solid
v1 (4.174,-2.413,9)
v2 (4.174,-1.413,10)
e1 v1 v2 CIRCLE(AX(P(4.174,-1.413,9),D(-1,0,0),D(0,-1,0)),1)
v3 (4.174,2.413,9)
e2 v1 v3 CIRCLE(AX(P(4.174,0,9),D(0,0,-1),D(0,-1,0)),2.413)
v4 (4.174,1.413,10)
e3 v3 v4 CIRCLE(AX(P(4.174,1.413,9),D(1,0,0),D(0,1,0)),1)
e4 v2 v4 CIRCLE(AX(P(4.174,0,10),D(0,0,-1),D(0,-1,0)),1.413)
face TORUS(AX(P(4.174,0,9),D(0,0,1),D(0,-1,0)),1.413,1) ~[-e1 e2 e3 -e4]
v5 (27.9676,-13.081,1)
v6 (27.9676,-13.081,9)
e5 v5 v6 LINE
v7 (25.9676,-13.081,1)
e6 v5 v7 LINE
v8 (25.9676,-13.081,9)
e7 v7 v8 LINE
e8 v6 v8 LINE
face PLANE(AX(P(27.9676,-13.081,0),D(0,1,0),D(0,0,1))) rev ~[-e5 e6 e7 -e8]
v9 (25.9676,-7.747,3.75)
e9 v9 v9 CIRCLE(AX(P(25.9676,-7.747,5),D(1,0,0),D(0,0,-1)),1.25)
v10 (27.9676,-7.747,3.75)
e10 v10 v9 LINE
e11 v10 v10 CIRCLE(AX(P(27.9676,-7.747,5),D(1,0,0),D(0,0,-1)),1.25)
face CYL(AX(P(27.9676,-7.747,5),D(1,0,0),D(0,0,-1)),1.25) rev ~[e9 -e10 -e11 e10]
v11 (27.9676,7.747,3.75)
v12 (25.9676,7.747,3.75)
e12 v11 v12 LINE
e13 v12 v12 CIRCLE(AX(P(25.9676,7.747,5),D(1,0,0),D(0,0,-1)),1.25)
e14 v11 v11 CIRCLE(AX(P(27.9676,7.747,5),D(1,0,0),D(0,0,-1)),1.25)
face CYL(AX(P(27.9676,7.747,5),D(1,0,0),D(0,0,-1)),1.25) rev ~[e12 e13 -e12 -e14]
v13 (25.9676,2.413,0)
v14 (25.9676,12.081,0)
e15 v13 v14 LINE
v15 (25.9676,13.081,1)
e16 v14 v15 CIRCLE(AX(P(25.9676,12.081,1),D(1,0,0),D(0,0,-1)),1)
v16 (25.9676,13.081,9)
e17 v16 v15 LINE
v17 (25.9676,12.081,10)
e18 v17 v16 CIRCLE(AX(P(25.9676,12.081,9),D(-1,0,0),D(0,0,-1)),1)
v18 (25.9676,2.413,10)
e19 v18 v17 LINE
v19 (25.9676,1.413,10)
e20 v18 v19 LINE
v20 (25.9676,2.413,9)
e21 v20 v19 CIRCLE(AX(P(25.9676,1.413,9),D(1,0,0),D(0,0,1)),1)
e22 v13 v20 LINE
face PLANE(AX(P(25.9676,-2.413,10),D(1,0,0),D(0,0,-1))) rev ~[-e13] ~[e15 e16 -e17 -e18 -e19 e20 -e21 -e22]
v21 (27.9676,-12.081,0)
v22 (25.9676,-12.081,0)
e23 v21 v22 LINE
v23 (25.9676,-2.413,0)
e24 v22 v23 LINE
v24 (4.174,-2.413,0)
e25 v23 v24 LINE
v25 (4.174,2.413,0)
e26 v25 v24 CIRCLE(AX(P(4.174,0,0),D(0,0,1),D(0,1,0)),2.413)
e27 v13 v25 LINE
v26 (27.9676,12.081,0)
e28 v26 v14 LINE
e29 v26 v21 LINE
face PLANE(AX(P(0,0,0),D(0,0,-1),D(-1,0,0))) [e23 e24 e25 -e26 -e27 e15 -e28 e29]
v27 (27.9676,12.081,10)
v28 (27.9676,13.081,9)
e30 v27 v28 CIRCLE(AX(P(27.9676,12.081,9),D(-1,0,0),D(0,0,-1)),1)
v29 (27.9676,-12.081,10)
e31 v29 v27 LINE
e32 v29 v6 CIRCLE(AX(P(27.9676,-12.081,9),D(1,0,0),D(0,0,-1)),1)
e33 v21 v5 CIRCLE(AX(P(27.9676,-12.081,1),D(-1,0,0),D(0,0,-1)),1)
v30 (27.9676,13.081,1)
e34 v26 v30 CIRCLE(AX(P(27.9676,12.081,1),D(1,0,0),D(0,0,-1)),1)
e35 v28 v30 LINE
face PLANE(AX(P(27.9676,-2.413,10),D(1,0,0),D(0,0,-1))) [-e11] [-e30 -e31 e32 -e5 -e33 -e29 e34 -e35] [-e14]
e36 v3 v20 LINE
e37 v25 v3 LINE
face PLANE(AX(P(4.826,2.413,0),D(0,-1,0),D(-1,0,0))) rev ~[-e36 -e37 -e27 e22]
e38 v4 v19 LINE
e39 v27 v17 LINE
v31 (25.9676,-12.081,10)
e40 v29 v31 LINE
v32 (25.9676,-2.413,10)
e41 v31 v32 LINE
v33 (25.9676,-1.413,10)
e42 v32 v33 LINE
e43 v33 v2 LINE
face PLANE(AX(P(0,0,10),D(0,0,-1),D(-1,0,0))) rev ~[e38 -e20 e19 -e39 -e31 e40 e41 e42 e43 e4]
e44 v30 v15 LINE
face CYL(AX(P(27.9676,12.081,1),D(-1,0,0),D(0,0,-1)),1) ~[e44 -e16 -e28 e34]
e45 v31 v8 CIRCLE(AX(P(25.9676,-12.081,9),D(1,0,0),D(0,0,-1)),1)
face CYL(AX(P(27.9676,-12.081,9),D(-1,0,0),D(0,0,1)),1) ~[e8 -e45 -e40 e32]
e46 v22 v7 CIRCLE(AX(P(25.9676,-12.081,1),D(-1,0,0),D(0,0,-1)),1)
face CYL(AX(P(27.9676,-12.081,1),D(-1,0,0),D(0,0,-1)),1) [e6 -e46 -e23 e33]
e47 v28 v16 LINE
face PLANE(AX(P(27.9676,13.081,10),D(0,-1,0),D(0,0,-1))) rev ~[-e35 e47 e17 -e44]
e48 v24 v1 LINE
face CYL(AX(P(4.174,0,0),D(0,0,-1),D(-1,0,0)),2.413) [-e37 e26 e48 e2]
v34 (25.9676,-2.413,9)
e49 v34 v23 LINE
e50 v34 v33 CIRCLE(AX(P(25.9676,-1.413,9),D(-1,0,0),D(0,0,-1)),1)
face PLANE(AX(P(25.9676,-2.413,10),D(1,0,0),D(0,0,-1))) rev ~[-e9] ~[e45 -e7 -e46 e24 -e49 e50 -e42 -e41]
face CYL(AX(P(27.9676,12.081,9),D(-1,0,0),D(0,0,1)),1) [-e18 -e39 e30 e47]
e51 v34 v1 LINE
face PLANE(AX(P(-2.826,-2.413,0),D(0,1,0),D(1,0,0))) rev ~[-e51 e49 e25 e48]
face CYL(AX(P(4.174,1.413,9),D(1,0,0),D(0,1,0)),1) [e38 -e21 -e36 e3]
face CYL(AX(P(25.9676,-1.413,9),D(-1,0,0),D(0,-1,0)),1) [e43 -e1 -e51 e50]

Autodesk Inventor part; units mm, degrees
ref_plane "YZ Plane" through (0, 0, 0) normal (1, 0, 0) x (0, 1, 0)
ref_plane "XZ Plane" through (0, 0, 0) normal (0, 1, 0) x (-1, 0, 0)
sketch "Sketch1" plane through (0, 0, 0) normal (0, 0, 1) x (1, 0, 0)
  line L0 (-4.826, 0.413) -> (-4.826, -0.413) projected
  line L1 (-2.826, -2.413) -> (4.826, -2.413) projected
  line L2 (4.826, -2.413) -> (4.826, 2.413) projected
  line L3 (4.826, 2.413) -> (-2.826, 2.413) projected
  arc A0 (-4.826, -0.413) -> (-2.826, -2.413) centre (-2.826, -0.413) ccw projected
  arc A1 (-2.826, 2.413) -> (-4.826, 0.413) centre (-2.826, 0.413) ccw projected
  point P0 (0, 0)
extrude "Extrusion1" add sketch "Sketch1" along normal blind 10
sketch "Sketch2" plane through (4.826, -2.413, 0) normal (1, 0, 0) x (0, 0, -1)
  line L0 (0, 0) -> (-10, 0) projected
  line L1 (-10, 0) -> (-10, 4.826) projected
  circle A0 centre (3.175, 150.3292) radius 1.5 projected
  circle A1 centre (3.175, 23.749) radius 1.5 projected
  circle A2 centre (73.025, 23.749) radius 1.5 projected
  circle A3 centre (73.025, 150.3292) radius 1.5 projected
  arc A4 (60.2046, 236.2874) -> (0.9041, 211.5001) centre (77.9391, 110.5317) ccw projected
  ellipse E0 centre (170.686, 87.0391) end of major axis (408.43, 87.0391) minor radius 177.8 (0.9041, 211.5001) -> (0.9041, -37.4219) ccw projected
  arc A5 (0.9041, -37.4219) -> (60.2046, -62.2092) centre (77.9391, 63.5465) ccw projected
  arc A6 (60.2046, -62.2092) -> (281.1673, -62.2092) centre (170.686, 721.2179) ccw projected
  arc A7 (281.1673, -62.2092) -> (340.4678, -37.4219) centre (263.4329, 63.5465) ccw projected
  ellipse E1 centre (170.686, 87.0391) end of major axis (408.43, 87.0391) minor radius 177.8 (340.4678, -37.4219) -> (340.4678, 211.5001) ccw projected
  arc A8 (340.4678, 211.5001) -> (281.1673, 236.2874) centre (263.4329, 110.5317) ccw projected
  arc A9 (281.1673, 236.2874) -> (60.2046, 236.2874) centre (170.686, -547.1397) ccw projected
  circle A10 centre (18.1159, 118.5546) radius 1.25 projected
  circle A11 centre (-51.7341, 53.7756) radius 1.25 projected
  circle A12 centre (18.1159, 53.7756) radius 1.25 projected
  circle A13 centre (-51.7341, 118.5546) radius 1.25 projected
  circle A14 centre (395.605, 77.7641) radius 1.25 projected
  circle A15 centre (321.1037, 62.7821) radius 1.25 projected
  circle A16 centre (321.1037, 101.1361) radius 1.25 projected
  circle A17 centre (395.605, 96.3141) radius 1.25 projected
  line L2 (284.5488, 72.0792) -> (223.628, 72.0792) projected
  line L3 (223.628, 72.0792) -> (223.628, 102.5592) projected
  line L4 (223.628, 102.5592) -> (284.5488, 102.5592) projected
  line L5 (284.5488, 102.5592) -> (284.5488, 72.0792) projected
  circle A18 centre (129.4087, 87.0391) radius 30.4 projected
  line L6 (95.6616, 45.3432) -> (95.6616, 49.3432) projected
  arc A19 (98.6614, 49.3432) -> (95.6616, 49.3432) centre (97.1615, 49.3432) ccw projected
  line L7 (98.6614, 49.3432) -> (98.6614, 45.3432) projected
  arc A20 (95.6616, 45.3432) -> (98.6614, 45.3432) centre (97.1615, 45.3432) ccw projected
  line L8 (160.3503, 45.3892) -> (160.3503, 49.3892) projected
  arc A21 (163.3501, 49.3892) -> (160.3503, 49.3892) centre (161.8502, 49.3892) ccw projected
  line L9 (163.3501, 49.3892) -> (163.3501, 45.3892) projected
  arc A22 (160.3503, 45.3892) -> (163.3501, 45.3892) centre (161.8502, 45.3892) ccw projected
  line L10 (95.5803, 159.8921) -> (95.5803, 163.8921) projected
  arc A23 (98.5801, 163.8921) -> (95.5803, 163.8921) centre (97.0802, 163.8921) ccw projected
  line L11 (98.5801, 163.8921) -> (98.5801, 159.8921) projected
  arc A24 (95.5803, 159.8921) -> (98.5801, 159.8921) centre (97.0802, 159.8921) ccw projected
  line L12 (163.3504, 163.8921) -> (163.3504, 159.8921) projected
  arc A25 (160.3506, 159.8921) -> (163.3504, 159.8921) centre (161.8505, 159.8921) ccw projected
  line L13 (160.3506, 159.8921) -> (160.3506, 163.8921) projected
  arc A26 (163.3504, 163.8921) -> (160.3506, 163.8921) centre (161.8505, 163.8921) ccw projected
  arc A27 (180.3755, 134.9774) -> (180.3753, 131.9798) centre (180.3755, 133.4786) ccw projected
  line L14 (180.3755, 134.9774) -> (184.3754, 134.9776) projected
  arc A28 (184.3754, 131.9796) -> (184.3754, 134.9776) centre (184.3755, 133.4786) ccw projected
  line L15 (184.3754, 131.9796) -> (180.3753, 131.9798) projected
  arc A29 (65.9852, 134.9725) -> (65.9851, 131.9749) centre (65.9852, 133.4737) ccw projected
  line L16 (65.9852, 134.9725) -> (69.9852, 134.9727) projected
  arc A30 (69.9852, 131.9747) -> (69.9852, 134.9727) centre (69.9852, 133.4737) ccw projected
  line L17 (69.9852, 131.9747) -> (65.9851, 131.9749) projected
  arc A31 (188.0254, 134.9778) -> (188.0255, 131.9802) centre (188.0255, 133.479) ccw projected
  line L18 (188.0254, 134.9778) -> (192.0254, 134.978) projected
  arc A32 (192.0254, 131.98) -> (192.0254, 134.978) centre (192.0255, 133.479) ccw projected
  line L19 (192.0254, 131.98) -> (188.0255, 131.9802) projected
  arc A33 (73.6382, 70.1265) -> (73.6381, 67.1289) centre (73.6382, 68.6277) ccw projected
  line L20 (73.6382, 70.1265) -> (77.6381, 70.1267) projected
  arc A34 (77.6381, 67.1287) -> (77.6381, 70.1267) centre (77.6382, 68.6277) ccw projected
  line L21 (77.6381, 67.1287) -> (73.6381, 67.1289) projected
  circle A35 centre (271.4412, 59.8872) radius 1.25 projected
  circle A36 centre (229.978, 118.4342) radius 1.25 projected
  circle A37 centre (281.3738, 108.9092) radius 1.25 projected
  circle A38 centre (278.1988, 118.4342) radius 1.25 projected
  circle A39 centre (254.0826, 118.4342) radius 1.25 projected
  circle A40 centre (226.803, 108.9092) radius 1.25 projected
  circle A41 centre (226.5872, 59.8872) radius 1.25 projected
  arc A42 (188.0714, 70.2078) -> (188.0714, 67.2102) centre (188.0714, 68.709) ccw projected
  line L22 (188.0714, 70.2078) -> (192.0714, 70.208) projected
  arc A43 (192.0714, 67.21) -> (192.0714, 70.208) centre (192.0714, 68.709) ccw projected
  line L23 (192.0714, 67.21) -> (188.0714, 67.2102) projected
  line L24 (73.6352, 134.9725) -> (77.6351, 134.9727) projected
  arc A44 (77.6351, 131.9747) -> (77.6351, 134.9727) centre (77.6352, 133.4737) ccw projected
  line L25 (77.6351, 131.9747) -> (73.6351, 131.9749) projected
  arc A45 (73.6352, 134.9725) -> (73.6351, 131.9749) centre (73.6352, 133.4737) ccw projected
  arc A46 (66.0312, 70.1211) -> (66.0311, 67.1235) centre (66.0312, 68.6223) ccw projected
  line L26 (66.0312, 70.1211) -> (70.0312, 70.1213) projected
  arc A47 (70.0312, 67.1233) -> (70.0312, 70.1213) centre (70.0312, 68.6223) ccw projected
  line L27 (70.0312, 67.1233) -> (66.0311, 67.1235) projected
  arc A48 (180.4215, 70.2024) -> (180.4213, 67.2048) centre (180.4215, 68.7036) ccw projected
  line L28 (180.4215, 70.2024) -> (184.4214, 70.2025) projected
  arc A49 (184.4214, 67.2046) -> (184.4214, 70.2025) centre (184.4215, 68.7036) ccw projected
  line L29 (184.4214, 67.2046) -> (180.4213, 67.2048) projected
  line L30 (160.3503, 152.2421) -> (160.3503, 156.2421) projected
  arc A50 (163.3501, 156.2421) -> (160.3503, 156.2421) centre (161.8502, 156.2421) ccw projected
  line L31 (163.3501, 156.2421) -> (163.3501, 152.2421) projected
  arc A51 (160.3503, 152.2421) -> (163.3501, 152.2421) centre (161.8502, 152.2421) ccw projected
  line L32 (95.5857, 152.1961) -> (95.5857, 156.1961) projected
  arc A52 (98.5855, 156.1961) -> (95.5857, 156.1961) centre (97.0856, 156.1961) ccw projected
  line L33 (98.5855, 156.1961) -> (98.5855, 152.1961) projected
  arc A53 (95.5857, 152.1961) -> (98.5855, 152.1961) centre (97.0856, 152.1961) ccw projected
  line L34 (160.3503, 37.7392) -> (160.3503, 41.7392) projected
  arc A54 (163.3501, 41.7392) -> (160.3503, 41.7392) centre (161.8502, 41.7392) ccw projected
  line L35 (163.3501, 41.7392) -> (163.3501, 37.7392) projected
  arc A55 (160.3503, 37.7392) -> (163.3501, 37.7392) centre (161.8502, 37.7392) ccw projected
  line L36 (95.667, 37.6932) -> (95.667, 41.6932) projected
  arc A56 (98.6669, 41.6932) -> (95.667, 41.6932) centre (97.167, 41.6932) ccw projected
  line L37 (98.6669, 41.6932) -> (98.6669, 37.6932) projected
  arc A57 (95.667, 37.6932) -> (98.6669, 37.6932) centre (97.167, 37.6932) ccw projected
  line L38 (0, 4.826) -> (-10, 4.826) projected
  line L39 (0, -10.668) -> (0, 15.494) projected
  circle A58 centre (-5, -5.334) radius 1.5 projected
  circle A59 centre (81.2, -5.334) radius 1.5 projected
  circle A60 centre (81.2, 10.16) radius 1.5 projected
  circle A61 centre (-5, 10.16) radius 1.5 projected
  circle A62 centre (-5, 163.9182) radius 1.5 projected
  circle A63 centre (81.2, 163.9182) radius 1.5 projected
  circle A64 centre (81.2, 179.4122) radius 1.5 projected
  circle A65 centre (-5, 179.4122) radius 1.5 projected
  circle A66 centre (73.025, 187.9212) radius 1.5 projected
  circle A67 centre (73.025, -13.843) radius 1.5 projected
  circle A68 centre (3.175, -13.843) radius 1.5 projected
  circle A69 centre (3.175, 187.9212) radius 1.5 projected
  circle A70 centre (268.3469, 187.9212) radius 1.5 projected
  circle A71 centre (260.1719, 179.4122) radius 1.5 projected
  circle A72 centre (346.3719, 10.16) radius 1.5 projected
  circle A73 centre (346.3719, -5.334) radius 1.5 projected
  circle A74 centre (346.3719, 179.4122) radius 1.5 projected
  circle A75 centre (338.1969, 150.3292) radius 1.5 projected
  circle A76 centre (260.1719, -5.334) radius 1.5 projected
  circle A77 centre (268.3469, 23.749) radius 1.5 projected
  circle A78 centre (268.3469, -13.843) radius 1.5 projected
  circle A79 centre (260.1719, 10.16) radius 1.5 projected
  circle A80 centre (268.3469, 150.3292) radius 1.5 projected
  circle A81 centre (338.1969, -13.843) radius 1.5 projected
  circle A82 centre (338.1969, 23.749) radius 1.5 projected
  circle A83 centre (260.1719, 163.9182) radius 1.5 projected
  circle A84 centre (338.1969, 187.9212) radius 1.5 projected
  circle A85 centre (346.3719, 163.9182) radius 1.25 projected
  point P0 (0, 2.413)
ref_plane "Work Plane1" through (27.9676, -72.374, -408.43) normal (-1, 0, 0) x (0, 0, 1)
extrude "Extrusion2" add sketch "Sketch2" along normal up to surface (23.1416 mm away) contours L0 L1 L38 L39
sketch "Sketch3" plane through (27.9676, -2.413, 10) normal (1, 0, 0) x (0, 0, -1)
  line L0 (10, -10.668) -> (10, 15.494) projected
  line L1 (10, -10.668) -> (0, -10.668)
  line L2 (0, -10.668) -> (0, 15.494)
  line L3 (0, 15.494) -> (10, 15.494)
  line L4 (10, 15.494) -> (10, -10.668)
  line L5 (10, 2.826) -> (10, 2) projected
  line L6 (10, 0) -> (10, -10.668)
  line L7 (10, 4.826) -> (10, 15.494)
  circle A0 centre (5, -5.334) radius 1.25
  circle A1 centre (5, 10.16) radius 1.25
  point P0 (10, 2.413)
  point P1 (5, -10.668)
  point P2 (5, 15.494)
  point P3 (10, -5.334)
  point P4 (10, 10.16)
  dimension "d4" = 2.5
  dimension "d5" = 2.5
extrude "Extrusion3" add sketch "Sketch3" against normal blind 2
sketch "Sketch4" plane through (0, 0, 0) normal (0, 0, -1) x (-1, 0, 0)
  circle A0 centre (-4.174, 0) radius 2.3
  line L0 (-4.174, 2.3) -> (-4.174, 2.413)
  line L1 (2.826, 2.413) -> (-25.9676, 2.413) projected
  line L2 (-4.174, -2.3) -> (-4.174, -2.413)
  line L3 (2.826, -2.413) -> (-25.9676, -2.413) projected
  line L4 (-25.9676, 2.413) -> (-25.9676, -2.413)
  line L5 (-4.174, -2.413) -> (-4.174, 2.413)
  line L6 (2.826, -2.413) -> (-25.9676, -2.413) projected
  arc A1 (4.826, -0.413) -> (2.826, -2.413) centre (2.826, -0.413) ccw projected
  line L7 (4.826, 0.413) -> (4.826, -0.413) projected
  arc A2 (2.826, 2.413) -> (4.826, 0.413) centre (2.826, 0.413) ccw projected
  line L8 (2.826, 2.413) -> (-25.9676, 2.413) projected
  line L9 (-27.9676, 13.081) -> (-25.9676, 13.081) projected
  line L10 (-27.9676, -13.081) -> (-27.9676, 13.081) projected
  line L11 (-27.9676, -13.081) -> (-25.9676, -13.081) projected
  line L12 (-25.9676, -2.413) -> (-25.9676, -13.081) projected
  line L13 (-4.174, 2.413) -> (11.7475, 2.413)
  line L14 (11.7475, 2.413) -> (11.7475, -2.413)
  line L15 (11.7475, -2.413) -> (-4.174, -2.413)
  point P0 (0, 0)
extrude "Extrusion4" cut sketch "Sketch4" against normal blind 10 contours A0 L5 | A0 L0 L1 A2 A1 L3 L2 | A2 L7 A1 | A1 A2 | L13 L14 L15 A1 A2 picked at (-3.8414, 0.6907)
sketch "Sketch5" plane through (0, 0, 0) normal (0, 0, -1) x (-1, 0, 0)
  circle A0 centre (-4.174, 0) radius 2.413
  point P0 (0, 0)
extrude "Extrusion5" add sketch "Sketch5" against normal blind 10
fillet "Fillet2" radius 1 1 edges at (1.761, 0, 10)
fillet "Fillet3" radius 1 4 edges at (26.9676, 13.081, 10) (26.9676, 13.081, 0) (26.9676, -13.081, 10) (26.9676, -13.081, 0)
properties part number "GuideArmConnector"
